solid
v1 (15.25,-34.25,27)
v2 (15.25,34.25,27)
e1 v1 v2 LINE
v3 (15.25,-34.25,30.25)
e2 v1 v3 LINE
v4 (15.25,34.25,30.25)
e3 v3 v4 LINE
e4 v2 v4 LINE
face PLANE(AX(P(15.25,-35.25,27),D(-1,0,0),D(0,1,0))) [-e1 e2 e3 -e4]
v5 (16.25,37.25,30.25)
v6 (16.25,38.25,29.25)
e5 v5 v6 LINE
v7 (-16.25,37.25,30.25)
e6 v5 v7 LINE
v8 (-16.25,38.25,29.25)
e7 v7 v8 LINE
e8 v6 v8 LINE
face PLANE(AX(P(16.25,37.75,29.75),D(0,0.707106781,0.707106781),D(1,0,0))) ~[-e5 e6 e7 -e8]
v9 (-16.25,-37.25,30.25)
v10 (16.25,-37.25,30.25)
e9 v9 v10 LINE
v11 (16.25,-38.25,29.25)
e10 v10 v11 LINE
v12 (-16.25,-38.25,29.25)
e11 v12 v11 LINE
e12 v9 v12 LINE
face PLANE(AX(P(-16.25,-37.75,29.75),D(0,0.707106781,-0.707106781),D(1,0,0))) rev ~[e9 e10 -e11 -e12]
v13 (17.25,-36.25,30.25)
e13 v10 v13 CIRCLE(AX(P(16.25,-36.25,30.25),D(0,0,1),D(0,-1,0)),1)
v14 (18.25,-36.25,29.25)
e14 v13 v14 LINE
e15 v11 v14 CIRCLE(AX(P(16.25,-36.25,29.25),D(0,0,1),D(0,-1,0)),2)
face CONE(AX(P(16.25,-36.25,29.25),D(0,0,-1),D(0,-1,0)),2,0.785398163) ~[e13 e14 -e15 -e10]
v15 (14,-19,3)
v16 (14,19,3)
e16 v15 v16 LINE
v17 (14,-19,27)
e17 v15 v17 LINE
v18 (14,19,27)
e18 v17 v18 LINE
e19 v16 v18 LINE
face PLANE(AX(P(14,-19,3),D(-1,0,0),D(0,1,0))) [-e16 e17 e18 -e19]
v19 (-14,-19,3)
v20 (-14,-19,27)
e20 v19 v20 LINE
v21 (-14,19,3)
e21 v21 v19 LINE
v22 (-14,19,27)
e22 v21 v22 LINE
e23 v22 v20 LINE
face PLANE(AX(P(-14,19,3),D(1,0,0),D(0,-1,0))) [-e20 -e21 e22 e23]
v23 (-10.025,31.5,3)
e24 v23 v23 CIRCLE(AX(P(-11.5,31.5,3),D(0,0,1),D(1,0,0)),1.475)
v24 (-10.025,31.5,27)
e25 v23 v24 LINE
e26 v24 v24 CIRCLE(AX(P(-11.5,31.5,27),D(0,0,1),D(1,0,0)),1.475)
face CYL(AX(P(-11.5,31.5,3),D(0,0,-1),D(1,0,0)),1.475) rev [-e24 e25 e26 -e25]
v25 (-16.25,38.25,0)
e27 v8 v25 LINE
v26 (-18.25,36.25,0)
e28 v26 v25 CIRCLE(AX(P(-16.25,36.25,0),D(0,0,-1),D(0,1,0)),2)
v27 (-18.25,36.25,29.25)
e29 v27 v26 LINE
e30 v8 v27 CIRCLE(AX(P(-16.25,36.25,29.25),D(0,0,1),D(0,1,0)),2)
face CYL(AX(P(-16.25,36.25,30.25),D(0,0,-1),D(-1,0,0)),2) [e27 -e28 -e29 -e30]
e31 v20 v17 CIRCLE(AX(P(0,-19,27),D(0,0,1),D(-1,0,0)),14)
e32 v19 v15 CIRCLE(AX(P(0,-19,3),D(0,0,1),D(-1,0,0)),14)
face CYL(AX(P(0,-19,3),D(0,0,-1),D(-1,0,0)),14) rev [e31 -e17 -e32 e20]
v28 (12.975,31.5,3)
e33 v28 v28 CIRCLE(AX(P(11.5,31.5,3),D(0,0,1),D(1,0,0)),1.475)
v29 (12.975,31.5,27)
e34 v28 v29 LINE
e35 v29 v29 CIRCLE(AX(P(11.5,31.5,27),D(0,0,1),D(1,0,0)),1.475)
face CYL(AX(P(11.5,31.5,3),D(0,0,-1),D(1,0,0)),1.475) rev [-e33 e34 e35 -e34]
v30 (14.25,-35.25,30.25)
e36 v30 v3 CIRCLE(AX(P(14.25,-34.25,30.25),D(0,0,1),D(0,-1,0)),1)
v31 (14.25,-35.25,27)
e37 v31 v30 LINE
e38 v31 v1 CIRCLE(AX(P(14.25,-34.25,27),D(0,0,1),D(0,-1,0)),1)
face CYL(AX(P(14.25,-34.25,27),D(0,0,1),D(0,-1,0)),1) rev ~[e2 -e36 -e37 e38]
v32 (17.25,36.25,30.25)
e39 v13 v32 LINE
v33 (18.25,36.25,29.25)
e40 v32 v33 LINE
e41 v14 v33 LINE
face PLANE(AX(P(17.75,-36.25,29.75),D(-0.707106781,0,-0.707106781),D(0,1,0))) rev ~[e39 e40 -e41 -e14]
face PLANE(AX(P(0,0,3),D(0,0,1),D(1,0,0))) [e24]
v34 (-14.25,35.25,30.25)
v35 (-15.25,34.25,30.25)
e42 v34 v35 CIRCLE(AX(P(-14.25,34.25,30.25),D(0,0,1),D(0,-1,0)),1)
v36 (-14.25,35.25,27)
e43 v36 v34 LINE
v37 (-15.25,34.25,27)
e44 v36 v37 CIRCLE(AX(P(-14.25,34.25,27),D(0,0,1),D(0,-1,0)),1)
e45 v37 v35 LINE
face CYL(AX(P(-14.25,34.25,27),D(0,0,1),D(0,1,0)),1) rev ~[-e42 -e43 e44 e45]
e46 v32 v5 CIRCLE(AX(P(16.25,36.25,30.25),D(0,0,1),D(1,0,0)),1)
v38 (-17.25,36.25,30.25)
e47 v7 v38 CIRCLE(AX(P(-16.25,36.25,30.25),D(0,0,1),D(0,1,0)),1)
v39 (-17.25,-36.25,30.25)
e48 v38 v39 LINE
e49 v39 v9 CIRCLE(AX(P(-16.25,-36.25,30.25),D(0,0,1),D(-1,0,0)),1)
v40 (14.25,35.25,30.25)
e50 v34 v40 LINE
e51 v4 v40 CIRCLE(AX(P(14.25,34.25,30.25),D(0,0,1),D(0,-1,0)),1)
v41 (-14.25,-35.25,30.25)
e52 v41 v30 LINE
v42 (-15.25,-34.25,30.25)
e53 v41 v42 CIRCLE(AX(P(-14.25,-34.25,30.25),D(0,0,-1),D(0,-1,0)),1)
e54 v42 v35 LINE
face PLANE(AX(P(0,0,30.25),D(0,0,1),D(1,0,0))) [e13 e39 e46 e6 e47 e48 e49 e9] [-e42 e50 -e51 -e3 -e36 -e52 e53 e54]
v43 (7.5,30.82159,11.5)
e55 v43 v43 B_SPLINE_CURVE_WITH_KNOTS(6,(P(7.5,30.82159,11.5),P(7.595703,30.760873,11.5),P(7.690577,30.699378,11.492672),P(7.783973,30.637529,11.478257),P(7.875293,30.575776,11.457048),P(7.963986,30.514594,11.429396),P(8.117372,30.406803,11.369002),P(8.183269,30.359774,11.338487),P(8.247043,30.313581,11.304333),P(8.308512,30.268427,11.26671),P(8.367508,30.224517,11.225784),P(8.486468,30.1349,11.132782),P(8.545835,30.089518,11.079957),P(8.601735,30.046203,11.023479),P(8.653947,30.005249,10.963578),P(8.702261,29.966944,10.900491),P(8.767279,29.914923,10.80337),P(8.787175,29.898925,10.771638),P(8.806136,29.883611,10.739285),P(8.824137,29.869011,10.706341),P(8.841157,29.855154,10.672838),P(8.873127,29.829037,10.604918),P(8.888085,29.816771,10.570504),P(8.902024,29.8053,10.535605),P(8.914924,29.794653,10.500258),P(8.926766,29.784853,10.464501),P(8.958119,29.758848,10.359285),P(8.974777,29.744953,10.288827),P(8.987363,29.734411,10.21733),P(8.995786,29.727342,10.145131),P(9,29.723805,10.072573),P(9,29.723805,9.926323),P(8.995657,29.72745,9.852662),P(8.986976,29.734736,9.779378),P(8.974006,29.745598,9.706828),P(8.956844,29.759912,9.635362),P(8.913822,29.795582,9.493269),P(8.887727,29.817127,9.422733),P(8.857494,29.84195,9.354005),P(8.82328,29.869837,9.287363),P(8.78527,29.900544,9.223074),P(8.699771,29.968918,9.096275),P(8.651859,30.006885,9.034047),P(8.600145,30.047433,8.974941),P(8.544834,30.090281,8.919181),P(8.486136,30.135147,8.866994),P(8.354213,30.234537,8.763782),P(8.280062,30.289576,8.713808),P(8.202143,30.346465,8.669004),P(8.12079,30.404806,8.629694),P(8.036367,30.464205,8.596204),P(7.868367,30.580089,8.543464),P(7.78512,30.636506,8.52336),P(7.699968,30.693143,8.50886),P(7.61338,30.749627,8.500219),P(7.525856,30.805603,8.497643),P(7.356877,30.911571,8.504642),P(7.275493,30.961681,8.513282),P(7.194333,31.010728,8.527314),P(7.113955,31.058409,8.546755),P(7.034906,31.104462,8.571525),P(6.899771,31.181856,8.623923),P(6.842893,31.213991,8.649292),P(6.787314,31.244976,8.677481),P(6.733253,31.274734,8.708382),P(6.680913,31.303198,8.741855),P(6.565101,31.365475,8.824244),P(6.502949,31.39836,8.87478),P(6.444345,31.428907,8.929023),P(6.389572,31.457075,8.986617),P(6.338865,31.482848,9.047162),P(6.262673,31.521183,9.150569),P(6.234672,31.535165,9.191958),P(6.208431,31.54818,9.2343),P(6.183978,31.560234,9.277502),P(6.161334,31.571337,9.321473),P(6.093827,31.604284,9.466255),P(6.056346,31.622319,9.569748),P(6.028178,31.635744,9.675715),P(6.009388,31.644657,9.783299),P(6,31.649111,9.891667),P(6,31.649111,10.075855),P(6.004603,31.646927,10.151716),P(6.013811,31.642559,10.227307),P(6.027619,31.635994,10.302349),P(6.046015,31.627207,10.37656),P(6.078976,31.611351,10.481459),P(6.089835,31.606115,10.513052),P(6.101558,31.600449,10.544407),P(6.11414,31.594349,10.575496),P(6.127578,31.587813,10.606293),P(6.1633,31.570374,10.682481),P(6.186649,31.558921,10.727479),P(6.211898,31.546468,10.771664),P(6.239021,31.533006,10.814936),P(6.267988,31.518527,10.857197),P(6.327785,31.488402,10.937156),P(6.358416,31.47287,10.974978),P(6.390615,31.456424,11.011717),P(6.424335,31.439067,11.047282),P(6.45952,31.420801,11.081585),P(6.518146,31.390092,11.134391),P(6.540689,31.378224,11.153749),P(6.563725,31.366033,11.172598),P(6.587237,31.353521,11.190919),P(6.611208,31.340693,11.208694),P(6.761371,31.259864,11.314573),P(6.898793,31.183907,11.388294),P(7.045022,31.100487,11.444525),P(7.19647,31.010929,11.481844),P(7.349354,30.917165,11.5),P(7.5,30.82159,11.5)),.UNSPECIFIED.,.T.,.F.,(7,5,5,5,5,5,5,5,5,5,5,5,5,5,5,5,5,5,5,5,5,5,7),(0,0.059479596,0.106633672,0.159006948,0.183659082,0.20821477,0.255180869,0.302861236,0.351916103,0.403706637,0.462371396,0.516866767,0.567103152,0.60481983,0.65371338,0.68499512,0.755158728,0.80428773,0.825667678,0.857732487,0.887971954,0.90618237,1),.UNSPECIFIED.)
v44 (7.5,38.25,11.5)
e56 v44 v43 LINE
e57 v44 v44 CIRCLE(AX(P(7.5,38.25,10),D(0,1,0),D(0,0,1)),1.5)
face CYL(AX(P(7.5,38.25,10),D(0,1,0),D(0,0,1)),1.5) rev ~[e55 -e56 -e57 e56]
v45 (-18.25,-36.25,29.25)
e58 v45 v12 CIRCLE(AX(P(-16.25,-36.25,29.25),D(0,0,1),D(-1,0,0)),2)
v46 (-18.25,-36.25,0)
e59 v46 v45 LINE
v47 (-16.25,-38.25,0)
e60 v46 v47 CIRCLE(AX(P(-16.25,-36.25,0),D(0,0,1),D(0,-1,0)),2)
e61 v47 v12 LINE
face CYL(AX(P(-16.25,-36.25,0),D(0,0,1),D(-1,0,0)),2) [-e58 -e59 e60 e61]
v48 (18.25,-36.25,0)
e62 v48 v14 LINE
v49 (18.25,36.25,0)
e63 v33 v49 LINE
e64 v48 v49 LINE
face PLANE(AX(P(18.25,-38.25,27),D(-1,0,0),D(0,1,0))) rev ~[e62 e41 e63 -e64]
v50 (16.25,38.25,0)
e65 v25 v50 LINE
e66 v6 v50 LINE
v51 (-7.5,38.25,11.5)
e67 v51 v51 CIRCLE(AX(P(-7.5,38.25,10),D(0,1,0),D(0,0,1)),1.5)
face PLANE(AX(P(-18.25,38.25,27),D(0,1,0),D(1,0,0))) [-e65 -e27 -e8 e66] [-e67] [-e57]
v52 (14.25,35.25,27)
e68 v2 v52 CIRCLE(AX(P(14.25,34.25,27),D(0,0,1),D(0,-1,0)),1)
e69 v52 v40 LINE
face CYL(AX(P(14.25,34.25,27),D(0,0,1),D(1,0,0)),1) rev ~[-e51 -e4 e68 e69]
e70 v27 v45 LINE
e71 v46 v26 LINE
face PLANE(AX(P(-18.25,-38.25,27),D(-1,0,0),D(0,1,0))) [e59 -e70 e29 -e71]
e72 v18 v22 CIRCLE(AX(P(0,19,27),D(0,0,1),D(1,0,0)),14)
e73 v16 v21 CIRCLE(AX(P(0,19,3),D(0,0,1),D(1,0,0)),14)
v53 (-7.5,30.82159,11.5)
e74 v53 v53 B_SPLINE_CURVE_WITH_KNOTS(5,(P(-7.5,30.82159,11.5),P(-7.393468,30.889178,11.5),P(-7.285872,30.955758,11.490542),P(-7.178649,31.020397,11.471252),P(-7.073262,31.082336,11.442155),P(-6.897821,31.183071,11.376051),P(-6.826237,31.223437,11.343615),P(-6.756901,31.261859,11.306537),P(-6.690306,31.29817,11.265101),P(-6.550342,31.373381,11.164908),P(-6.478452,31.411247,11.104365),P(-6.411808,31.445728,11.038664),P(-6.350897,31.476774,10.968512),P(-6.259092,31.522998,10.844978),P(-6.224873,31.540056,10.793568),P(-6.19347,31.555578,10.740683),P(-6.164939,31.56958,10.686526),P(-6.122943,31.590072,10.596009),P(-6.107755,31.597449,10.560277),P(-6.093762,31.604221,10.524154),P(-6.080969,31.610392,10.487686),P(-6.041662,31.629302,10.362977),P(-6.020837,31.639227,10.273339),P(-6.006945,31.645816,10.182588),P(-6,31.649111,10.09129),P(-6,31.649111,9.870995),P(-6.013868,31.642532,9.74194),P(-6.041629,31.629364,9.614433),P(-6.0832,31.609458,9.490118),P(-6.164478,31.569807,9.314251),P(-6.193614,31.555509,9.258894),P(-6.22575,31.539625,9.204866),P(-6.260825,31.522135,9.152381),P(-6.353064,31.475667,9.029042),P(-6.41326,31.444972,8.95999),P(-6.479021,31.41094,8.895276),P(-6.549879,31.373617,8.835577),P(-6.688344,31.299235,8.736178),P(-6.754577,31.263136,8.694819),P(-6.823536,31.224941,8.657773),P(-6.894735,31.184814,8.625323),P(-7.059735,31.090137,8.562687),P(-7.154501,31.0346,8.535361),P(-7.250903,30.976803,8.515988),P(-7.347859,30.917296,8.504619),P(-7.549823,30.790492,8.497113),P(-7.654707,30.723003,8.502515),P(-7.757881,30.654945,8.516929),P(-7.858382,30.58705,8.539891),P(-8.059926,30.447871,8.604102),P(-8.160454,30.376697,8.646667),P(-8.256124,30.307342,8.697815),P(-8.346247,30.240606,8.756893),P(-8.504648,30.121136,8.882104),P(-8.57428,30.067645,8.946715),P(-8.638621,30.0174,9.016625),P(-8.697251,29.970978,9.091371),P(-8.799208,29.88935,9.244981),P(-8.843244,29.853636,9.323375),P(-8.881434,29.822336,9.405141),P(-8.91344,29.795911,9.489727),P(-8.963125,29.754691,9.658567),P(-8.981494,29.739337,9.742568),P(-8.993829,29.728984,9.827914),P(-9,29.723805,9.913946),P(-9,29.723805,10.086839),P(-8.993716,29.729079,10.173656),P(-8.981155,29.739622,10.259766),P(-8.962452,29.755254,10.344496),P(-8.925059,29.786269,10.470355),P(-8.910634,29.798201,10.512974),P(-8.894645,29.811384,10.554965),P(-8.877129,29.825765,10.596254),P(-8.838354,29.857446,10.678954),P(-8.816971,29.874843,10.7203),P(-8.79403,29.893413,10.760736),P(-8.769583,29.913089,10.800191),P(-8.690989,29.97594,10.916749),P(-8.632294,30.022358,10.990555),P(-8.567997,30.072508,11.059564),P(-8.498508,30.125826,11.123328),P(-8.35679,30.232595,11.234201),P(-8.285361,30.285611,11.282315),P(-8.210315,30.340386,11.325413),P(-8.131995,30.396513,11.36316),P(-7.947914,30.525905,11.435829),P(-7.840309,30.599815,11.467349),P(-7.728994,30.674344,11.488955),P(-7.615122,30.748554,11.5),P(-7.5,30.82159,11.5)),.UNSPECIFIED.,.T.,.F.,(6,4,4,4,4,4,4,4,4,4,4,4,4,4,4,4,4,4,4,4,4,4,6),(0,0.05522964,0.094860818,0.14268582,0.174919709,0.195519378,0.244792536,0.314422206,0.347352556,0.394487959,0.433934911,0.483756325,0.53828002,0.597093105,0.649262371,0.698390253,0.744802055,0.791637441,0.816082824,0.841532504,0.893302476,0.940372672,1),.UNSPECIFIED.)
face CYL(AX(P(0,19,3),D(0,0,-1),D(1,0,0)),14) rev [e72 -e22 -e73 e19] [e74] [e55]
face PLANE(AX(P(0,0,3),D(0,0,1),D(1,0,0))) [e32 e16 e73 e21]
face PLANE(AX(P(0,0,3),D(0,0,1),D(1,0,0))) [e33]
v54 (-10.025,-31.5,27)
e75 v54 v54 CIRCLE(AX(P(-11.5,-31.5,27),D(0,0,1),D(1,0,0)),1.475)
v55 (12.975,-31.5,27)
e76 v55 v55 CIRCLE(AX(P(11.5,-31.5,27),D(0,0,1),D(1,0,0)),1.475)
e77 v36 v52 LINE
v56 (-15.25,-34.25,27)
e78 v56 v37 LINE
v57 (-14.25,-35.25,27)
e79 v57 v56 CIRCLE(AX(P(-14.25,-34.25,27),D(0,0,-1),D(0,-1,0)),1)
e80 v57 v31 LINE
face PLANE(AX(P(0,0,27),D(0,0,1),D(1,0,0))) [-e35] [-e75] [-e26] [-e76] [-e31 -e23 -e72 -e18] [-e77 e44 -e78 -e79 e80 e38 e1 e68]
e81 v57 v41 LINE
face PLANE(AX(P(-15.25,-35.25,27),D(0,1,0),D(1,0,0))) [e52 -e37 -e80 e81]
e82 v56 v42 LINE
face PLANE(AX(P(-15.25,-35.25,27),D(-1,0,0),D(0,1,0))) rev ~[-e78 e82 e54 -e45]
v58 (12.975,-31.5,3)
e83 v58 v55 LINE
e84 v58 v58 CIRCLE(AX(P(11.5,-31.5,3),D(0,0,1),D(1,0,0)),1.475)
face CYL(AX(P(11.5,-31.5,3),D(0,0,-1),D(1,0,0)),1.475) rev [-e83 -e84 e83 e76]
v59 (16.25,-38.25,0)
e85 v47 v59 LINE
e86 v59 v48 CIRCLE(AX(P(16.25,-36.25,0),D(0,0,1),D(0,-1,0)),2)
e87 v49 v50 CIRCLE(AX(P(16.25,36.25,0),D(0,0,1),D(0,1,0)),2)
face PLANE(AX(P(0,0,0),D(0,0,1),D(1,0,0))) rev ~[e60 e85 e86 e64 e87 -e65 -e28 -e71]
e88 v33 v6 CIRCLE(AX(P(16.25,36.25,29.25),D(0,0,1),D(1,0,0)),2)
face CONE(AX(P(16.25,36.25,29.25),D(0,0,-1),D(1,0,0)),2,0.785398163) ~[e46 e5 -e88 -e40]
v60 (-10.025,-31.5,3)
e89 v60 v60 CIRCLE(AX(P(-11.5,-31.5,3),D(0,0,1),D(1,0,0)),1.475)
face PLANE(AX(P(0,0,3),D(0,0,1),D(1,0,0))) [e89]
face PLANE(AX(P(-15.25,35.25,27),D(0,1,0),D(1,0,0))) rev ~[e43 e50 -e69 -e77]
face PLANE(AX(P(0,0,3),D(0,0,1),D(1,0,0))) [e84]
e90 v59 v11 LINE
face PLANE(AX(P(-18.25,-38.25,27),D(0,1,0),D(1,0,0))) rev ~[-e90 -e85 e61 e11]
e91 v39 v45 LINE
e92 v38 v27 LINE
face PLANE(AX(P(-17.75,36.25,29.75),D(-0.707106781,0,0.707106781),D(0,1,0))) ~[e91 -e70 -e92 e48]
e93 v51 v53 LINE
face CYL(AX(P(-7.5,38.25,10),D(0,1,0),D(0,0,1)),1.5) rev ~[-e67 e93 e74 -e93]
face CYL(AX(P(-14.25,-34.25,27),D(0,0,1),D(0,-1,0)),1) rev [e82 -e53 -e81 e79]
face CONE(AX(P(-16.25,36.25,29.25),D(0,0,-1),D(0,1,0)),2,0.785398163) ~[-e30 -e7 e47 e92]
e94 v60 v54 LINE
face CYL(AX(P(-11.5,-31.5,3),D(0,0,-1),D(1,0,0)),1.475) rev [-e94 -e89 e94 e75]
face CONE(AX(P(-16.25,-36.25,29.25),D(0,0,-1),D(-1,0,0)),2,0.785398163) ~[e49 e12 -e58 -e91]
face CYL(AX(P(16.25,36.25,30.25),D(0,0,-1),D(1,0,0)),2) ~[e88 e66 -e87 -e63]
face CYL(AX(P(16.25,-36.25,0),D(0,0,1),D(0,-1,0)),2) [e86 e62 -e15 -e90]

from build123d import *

# Parameters (mm, degrees)
BASE_SKETCH_W           = 36.5
BASE_SKETCH_H           = 76.5
BASE_SKETCH_W_2         = 30.5
BASE_SKETCH_H_2         = 70.5
BASE_SKETCH_R           = 1.475
BOSS_EXTRUDE1_DEPTH     = 3
BOSS_EXTRUDE2_START     = 3
BASE_SKETCH_8_W         = 36.5
BASE_SKETCH_8_H         = 76.5
BASE_SKETCH_8_W_2       = 30.5
BASE_SKETCH_8_H_2       = 70.5
BASE_SKETCH_8_R         = 1.475
BOSS_EXTRUDE2_DEPTH     = 24
BOSS_EXTRUDE3_START     = 27
BASE_SKETCH_9_W         = 36.5
BASE_SKETCH_9_H         = 76.5
BASE_SKETCH_9_W_2       = 30.5
BASE_SKETCH_9_H_2       = 70.5
BOSS_EXTRUDE3_DEPTH     = 3.25
FILLET1_R               = 2
FILLET2_R               = 1
CHAMFER1_SIZE           = 1
CUT_EXTRUDE1_REACH      = 86.264
CUT_EXTRUDE1_END_RADIUS = 14
SKETCH1_R               = 1.5


with BuildPart() as part:
    # Base_Sketch → Boss-Extrude1 (new body)
    # profile 1 of 7: a face of its own
    with BuildSketch(Plane.XY):
        Rectangle(BASE_SKETCH_W, BASE_SKETCH_H)
        Rectangle(BASE_SKETCH_W_2, BASE_SKETCH_H_2, mode=Mode.SUBTRACT)
    # profile 2 of 7: a face of its own
    with BuildSketch(Plane.XY):
        Rectangle(BASE_SKETCH_W_2, BASE_SKETCH_H_2)
        with Locations((-11.5, -31.5)):
            Circle(BASE_SKETCH_R, mode=Mode.SUBTRACT)
        with Locations((11.5, -31.5)):
            Circle(BASE_SKETCH_R, mode=Mode.SUBTRACT)
        with Locations((11.5, 31.5)):
            Circle(BASE_SKETCH_R, mode=Mode.SUBTRACT)
        with Locations((-11.5, 31.5)):
            Circle(BASE_SKETCH_R, mode=Mode.SUBTRACT)
        with BuildLine():
            ThreePointArc((-14, -19), (0, -33), (14, -19))
            Line((14, -19), (14, 19))
            ThreePointArc((14, 19), (0, 33), (-14, 19))
            Line((-14, 19), (-14, -19))
        make_face(mode=Mode.SUBTRACT)
    # profile 3 of 7: a face of its own
    with BuildSketch(Plane.XY):
        with Locations((-11.5, -31.5)):
            Circle(BASE_SKETCH_R)
    # profile 4 of 7: a face of its own
    with BuildSketch(Plane.XY):
        with Locations((11.5, -31.5)):
            Circle(BASE_SKETCH_R)
    # profile 5 of 7: a face of its own
    with BuildSketch(Plane.XY):
        with Locations((11.5, 31.5)):
            Circle(BASE_SKETCH_R)
    # profile 6 of 7: a face of its own
    with BuildSketch(Plane.XY):
        with Locations((-11.5, 31.5)):
            Circle(BASE_SKETCH_R)
    # profile 7 of 7: a face of its own
    with BuildSketch(Plane.XY):
        with BuildLine():
            Line((-14, 19), (-14, -19))
            ThreePointArc((-14, -19), (0, -33), (14, -19))
            Line((14, -19), (14, 19))
            ThreePointArc((14, 19), (0, 33), (-14, 19))
        make_face()
    extrude(amount=BOSS_EXTRUDE1_DEPTH)

    # Base_Sketch<8> → Boss-Extrude2 (add)
    # profile 1 of 2: a face of its own
    with BuildSketch(Plane.XY.offset(BOSS_EXTRUDE2_START)):
        Rectangle(BASE_SKETCH_8_W, BASE_SKETCH_8_H)
        Rectangle(BASE_SKETCH_8_W_2, BASE_SKETCH_8_H_2, mode=Mode.SUBTRACT)
    # profile 2 of 2: a face of its own
    with BuildSketch(Plane.XY.offset(BOSS_EXTRUDE2_START)):
        Rectangle(BASE_SKETCH_8_W_2, BASE_SKETCH_8_H_2)
        with Locations((-11.5, -31.5)):
            Circle(BASE_SKETCH_8_R, mode=Mode.SUBTRACT)
        with Locations((11.5, -31.5)):
            Circle(BASE_SKETCH_8_R, mode=Mode.SUBTRACT)
        with Locations((11.5, 31.5)):
            Circle(BASE_SKETCH_8_R, mode=Mode.SUBTRACT)
        with Locations((-11.5, 31.5)):
            Circle(BASE_SKETCH_8_R, mode=Mode.SUBTRACT)
        with BuildLine():
            ThreePointArc((-14, -19), (0, -33), (14, -19))
            Line((14, -19), (14, 19))
            ThreePointArc((14, 19), (0, 33), (-14, 19))
            Line((-14, 19), (-14, -19))
        make_face(mode=Mode.SUBTRACT)
    extrude(amount=BOSS_EXTRUDE2_DEPTH)

    # Base_Sketch<9> → Boss-Extrude3 (add)
    with BuildSketch(Plane.XY.offset(BOSS_EXTRUDE3_START)):
        Rectangle(BASE_SKETCH_9_W, BASE_SKETCH_9_H)
        Rectangle(BASE_SKETCH_9_W_2, BASE_SKETCH_9_H_2, mode=Mode.SUBTRACT)
    extrude(amount=BOSS_EXTRUDE3_DEPTH)

    # Fillet1
    fillet1_edges = [part.edges().sort_by_distance(p)[0] for p in [
        (-18.25, 38.25, 15.125),
        (18.25, 38.25, 15.125),
        (18.25, -38.25, 15.125),
        (-18.25, -38.25, 15.125),
    ]]
    fillet(fillet1_edges, radius=FILLET1_R)

    # Fillet2
    fillet2_edges = [part.edges().sort_by_distance(p)[0] for p in [
        (-15.25, 35.25, 28.625),
        (-15.25, -35.25, 28.625),
        (15.25, -35.25, 28.625),
        (15.25, 35.25, 28.625),
    ]]
    fillet(fillet2_edges, radius=FILLET2_R)

    # Chamfer1
    chamfer1_edges = [part.edges().sort_by_distance(p)[0] for p in [
        (0, -38.25, 30.25),
        (-18.25, 0, 30.25),
        (18.25, 0, 30.25),
        (0, 38.25, 30.25),
        (17.664213562, -37.664213562, 30.25),
        (17.664213562, 37.664213562, 30.25),
        (-17.664213562, 37.664213562, 30.25),
        (-17.664213562, -37.664213562, 30.25),
    ]]
    chamfer(chamfer1_edges, length=CHAMFER1_SIZE)

    # Cut-Extrude1: up to this cylinder (the profile starts outside it)
    cut_extrude1_end = Plane(origin=(0, 19, 10), z_dir=(0, 0, -1)) * Cylinder(CUT_EXTRUDE1_END_RADIUS, 201.528, mode=Mode.PRIVATE)
    # Sketch1 → Cut-Extrude1 (cut, up to the surface)
    with BuildSketch(Plane(origin=(0, 38.25, 0), x_dir=(1, 0, 0), z_dir=(0, 1, 0)), mode=Mode.PRIVATE) as cut_extrude1_sk1:
        with Locations(Location((-7.5, -10, 0), (0, 0, 270))):
            Circle(SKETCH1_R)
    cut_extrude1_tool1 = extrude(cut_extrude1_sk1.sketch, amount=-CUT_EXTRUDE1_REACH, mode=Mode.PRIVATE) - cut_extrude1_end
    add(cut_extrude1_tool1.solids().sort_by_distance((-7.5, 38.25, 10))[0], mode=Mode.SUBTRACT)
    # Sketch1 → Cut-Extrude1 (cut, up to the surface)
    with BuildSketch(Plane(origin=(0, 38.25, 0), x_dir=(1, 0, 0), z_dir=(0, 1, 0)), mode=Mode.PRIVATE) as cut_extrude1_sk2:
        with Locations(Location((7.5, -10, 0), (0, 0, 270))):
            Circle(SKETCH1_R)
    cut_extrude1_tool2 = extrude(cut_extrude1_sk2.sketch, amount=-CUT_EXTRUDE1_REACH, mode=Mode.PRIVATE) - cut_extrude1_end
    add(cut_extrude1_tool2.solids().sort_by_distance((7.5, 38.25, 10))[0], mode=Mode.SUBTRACT)


solid = part.part
